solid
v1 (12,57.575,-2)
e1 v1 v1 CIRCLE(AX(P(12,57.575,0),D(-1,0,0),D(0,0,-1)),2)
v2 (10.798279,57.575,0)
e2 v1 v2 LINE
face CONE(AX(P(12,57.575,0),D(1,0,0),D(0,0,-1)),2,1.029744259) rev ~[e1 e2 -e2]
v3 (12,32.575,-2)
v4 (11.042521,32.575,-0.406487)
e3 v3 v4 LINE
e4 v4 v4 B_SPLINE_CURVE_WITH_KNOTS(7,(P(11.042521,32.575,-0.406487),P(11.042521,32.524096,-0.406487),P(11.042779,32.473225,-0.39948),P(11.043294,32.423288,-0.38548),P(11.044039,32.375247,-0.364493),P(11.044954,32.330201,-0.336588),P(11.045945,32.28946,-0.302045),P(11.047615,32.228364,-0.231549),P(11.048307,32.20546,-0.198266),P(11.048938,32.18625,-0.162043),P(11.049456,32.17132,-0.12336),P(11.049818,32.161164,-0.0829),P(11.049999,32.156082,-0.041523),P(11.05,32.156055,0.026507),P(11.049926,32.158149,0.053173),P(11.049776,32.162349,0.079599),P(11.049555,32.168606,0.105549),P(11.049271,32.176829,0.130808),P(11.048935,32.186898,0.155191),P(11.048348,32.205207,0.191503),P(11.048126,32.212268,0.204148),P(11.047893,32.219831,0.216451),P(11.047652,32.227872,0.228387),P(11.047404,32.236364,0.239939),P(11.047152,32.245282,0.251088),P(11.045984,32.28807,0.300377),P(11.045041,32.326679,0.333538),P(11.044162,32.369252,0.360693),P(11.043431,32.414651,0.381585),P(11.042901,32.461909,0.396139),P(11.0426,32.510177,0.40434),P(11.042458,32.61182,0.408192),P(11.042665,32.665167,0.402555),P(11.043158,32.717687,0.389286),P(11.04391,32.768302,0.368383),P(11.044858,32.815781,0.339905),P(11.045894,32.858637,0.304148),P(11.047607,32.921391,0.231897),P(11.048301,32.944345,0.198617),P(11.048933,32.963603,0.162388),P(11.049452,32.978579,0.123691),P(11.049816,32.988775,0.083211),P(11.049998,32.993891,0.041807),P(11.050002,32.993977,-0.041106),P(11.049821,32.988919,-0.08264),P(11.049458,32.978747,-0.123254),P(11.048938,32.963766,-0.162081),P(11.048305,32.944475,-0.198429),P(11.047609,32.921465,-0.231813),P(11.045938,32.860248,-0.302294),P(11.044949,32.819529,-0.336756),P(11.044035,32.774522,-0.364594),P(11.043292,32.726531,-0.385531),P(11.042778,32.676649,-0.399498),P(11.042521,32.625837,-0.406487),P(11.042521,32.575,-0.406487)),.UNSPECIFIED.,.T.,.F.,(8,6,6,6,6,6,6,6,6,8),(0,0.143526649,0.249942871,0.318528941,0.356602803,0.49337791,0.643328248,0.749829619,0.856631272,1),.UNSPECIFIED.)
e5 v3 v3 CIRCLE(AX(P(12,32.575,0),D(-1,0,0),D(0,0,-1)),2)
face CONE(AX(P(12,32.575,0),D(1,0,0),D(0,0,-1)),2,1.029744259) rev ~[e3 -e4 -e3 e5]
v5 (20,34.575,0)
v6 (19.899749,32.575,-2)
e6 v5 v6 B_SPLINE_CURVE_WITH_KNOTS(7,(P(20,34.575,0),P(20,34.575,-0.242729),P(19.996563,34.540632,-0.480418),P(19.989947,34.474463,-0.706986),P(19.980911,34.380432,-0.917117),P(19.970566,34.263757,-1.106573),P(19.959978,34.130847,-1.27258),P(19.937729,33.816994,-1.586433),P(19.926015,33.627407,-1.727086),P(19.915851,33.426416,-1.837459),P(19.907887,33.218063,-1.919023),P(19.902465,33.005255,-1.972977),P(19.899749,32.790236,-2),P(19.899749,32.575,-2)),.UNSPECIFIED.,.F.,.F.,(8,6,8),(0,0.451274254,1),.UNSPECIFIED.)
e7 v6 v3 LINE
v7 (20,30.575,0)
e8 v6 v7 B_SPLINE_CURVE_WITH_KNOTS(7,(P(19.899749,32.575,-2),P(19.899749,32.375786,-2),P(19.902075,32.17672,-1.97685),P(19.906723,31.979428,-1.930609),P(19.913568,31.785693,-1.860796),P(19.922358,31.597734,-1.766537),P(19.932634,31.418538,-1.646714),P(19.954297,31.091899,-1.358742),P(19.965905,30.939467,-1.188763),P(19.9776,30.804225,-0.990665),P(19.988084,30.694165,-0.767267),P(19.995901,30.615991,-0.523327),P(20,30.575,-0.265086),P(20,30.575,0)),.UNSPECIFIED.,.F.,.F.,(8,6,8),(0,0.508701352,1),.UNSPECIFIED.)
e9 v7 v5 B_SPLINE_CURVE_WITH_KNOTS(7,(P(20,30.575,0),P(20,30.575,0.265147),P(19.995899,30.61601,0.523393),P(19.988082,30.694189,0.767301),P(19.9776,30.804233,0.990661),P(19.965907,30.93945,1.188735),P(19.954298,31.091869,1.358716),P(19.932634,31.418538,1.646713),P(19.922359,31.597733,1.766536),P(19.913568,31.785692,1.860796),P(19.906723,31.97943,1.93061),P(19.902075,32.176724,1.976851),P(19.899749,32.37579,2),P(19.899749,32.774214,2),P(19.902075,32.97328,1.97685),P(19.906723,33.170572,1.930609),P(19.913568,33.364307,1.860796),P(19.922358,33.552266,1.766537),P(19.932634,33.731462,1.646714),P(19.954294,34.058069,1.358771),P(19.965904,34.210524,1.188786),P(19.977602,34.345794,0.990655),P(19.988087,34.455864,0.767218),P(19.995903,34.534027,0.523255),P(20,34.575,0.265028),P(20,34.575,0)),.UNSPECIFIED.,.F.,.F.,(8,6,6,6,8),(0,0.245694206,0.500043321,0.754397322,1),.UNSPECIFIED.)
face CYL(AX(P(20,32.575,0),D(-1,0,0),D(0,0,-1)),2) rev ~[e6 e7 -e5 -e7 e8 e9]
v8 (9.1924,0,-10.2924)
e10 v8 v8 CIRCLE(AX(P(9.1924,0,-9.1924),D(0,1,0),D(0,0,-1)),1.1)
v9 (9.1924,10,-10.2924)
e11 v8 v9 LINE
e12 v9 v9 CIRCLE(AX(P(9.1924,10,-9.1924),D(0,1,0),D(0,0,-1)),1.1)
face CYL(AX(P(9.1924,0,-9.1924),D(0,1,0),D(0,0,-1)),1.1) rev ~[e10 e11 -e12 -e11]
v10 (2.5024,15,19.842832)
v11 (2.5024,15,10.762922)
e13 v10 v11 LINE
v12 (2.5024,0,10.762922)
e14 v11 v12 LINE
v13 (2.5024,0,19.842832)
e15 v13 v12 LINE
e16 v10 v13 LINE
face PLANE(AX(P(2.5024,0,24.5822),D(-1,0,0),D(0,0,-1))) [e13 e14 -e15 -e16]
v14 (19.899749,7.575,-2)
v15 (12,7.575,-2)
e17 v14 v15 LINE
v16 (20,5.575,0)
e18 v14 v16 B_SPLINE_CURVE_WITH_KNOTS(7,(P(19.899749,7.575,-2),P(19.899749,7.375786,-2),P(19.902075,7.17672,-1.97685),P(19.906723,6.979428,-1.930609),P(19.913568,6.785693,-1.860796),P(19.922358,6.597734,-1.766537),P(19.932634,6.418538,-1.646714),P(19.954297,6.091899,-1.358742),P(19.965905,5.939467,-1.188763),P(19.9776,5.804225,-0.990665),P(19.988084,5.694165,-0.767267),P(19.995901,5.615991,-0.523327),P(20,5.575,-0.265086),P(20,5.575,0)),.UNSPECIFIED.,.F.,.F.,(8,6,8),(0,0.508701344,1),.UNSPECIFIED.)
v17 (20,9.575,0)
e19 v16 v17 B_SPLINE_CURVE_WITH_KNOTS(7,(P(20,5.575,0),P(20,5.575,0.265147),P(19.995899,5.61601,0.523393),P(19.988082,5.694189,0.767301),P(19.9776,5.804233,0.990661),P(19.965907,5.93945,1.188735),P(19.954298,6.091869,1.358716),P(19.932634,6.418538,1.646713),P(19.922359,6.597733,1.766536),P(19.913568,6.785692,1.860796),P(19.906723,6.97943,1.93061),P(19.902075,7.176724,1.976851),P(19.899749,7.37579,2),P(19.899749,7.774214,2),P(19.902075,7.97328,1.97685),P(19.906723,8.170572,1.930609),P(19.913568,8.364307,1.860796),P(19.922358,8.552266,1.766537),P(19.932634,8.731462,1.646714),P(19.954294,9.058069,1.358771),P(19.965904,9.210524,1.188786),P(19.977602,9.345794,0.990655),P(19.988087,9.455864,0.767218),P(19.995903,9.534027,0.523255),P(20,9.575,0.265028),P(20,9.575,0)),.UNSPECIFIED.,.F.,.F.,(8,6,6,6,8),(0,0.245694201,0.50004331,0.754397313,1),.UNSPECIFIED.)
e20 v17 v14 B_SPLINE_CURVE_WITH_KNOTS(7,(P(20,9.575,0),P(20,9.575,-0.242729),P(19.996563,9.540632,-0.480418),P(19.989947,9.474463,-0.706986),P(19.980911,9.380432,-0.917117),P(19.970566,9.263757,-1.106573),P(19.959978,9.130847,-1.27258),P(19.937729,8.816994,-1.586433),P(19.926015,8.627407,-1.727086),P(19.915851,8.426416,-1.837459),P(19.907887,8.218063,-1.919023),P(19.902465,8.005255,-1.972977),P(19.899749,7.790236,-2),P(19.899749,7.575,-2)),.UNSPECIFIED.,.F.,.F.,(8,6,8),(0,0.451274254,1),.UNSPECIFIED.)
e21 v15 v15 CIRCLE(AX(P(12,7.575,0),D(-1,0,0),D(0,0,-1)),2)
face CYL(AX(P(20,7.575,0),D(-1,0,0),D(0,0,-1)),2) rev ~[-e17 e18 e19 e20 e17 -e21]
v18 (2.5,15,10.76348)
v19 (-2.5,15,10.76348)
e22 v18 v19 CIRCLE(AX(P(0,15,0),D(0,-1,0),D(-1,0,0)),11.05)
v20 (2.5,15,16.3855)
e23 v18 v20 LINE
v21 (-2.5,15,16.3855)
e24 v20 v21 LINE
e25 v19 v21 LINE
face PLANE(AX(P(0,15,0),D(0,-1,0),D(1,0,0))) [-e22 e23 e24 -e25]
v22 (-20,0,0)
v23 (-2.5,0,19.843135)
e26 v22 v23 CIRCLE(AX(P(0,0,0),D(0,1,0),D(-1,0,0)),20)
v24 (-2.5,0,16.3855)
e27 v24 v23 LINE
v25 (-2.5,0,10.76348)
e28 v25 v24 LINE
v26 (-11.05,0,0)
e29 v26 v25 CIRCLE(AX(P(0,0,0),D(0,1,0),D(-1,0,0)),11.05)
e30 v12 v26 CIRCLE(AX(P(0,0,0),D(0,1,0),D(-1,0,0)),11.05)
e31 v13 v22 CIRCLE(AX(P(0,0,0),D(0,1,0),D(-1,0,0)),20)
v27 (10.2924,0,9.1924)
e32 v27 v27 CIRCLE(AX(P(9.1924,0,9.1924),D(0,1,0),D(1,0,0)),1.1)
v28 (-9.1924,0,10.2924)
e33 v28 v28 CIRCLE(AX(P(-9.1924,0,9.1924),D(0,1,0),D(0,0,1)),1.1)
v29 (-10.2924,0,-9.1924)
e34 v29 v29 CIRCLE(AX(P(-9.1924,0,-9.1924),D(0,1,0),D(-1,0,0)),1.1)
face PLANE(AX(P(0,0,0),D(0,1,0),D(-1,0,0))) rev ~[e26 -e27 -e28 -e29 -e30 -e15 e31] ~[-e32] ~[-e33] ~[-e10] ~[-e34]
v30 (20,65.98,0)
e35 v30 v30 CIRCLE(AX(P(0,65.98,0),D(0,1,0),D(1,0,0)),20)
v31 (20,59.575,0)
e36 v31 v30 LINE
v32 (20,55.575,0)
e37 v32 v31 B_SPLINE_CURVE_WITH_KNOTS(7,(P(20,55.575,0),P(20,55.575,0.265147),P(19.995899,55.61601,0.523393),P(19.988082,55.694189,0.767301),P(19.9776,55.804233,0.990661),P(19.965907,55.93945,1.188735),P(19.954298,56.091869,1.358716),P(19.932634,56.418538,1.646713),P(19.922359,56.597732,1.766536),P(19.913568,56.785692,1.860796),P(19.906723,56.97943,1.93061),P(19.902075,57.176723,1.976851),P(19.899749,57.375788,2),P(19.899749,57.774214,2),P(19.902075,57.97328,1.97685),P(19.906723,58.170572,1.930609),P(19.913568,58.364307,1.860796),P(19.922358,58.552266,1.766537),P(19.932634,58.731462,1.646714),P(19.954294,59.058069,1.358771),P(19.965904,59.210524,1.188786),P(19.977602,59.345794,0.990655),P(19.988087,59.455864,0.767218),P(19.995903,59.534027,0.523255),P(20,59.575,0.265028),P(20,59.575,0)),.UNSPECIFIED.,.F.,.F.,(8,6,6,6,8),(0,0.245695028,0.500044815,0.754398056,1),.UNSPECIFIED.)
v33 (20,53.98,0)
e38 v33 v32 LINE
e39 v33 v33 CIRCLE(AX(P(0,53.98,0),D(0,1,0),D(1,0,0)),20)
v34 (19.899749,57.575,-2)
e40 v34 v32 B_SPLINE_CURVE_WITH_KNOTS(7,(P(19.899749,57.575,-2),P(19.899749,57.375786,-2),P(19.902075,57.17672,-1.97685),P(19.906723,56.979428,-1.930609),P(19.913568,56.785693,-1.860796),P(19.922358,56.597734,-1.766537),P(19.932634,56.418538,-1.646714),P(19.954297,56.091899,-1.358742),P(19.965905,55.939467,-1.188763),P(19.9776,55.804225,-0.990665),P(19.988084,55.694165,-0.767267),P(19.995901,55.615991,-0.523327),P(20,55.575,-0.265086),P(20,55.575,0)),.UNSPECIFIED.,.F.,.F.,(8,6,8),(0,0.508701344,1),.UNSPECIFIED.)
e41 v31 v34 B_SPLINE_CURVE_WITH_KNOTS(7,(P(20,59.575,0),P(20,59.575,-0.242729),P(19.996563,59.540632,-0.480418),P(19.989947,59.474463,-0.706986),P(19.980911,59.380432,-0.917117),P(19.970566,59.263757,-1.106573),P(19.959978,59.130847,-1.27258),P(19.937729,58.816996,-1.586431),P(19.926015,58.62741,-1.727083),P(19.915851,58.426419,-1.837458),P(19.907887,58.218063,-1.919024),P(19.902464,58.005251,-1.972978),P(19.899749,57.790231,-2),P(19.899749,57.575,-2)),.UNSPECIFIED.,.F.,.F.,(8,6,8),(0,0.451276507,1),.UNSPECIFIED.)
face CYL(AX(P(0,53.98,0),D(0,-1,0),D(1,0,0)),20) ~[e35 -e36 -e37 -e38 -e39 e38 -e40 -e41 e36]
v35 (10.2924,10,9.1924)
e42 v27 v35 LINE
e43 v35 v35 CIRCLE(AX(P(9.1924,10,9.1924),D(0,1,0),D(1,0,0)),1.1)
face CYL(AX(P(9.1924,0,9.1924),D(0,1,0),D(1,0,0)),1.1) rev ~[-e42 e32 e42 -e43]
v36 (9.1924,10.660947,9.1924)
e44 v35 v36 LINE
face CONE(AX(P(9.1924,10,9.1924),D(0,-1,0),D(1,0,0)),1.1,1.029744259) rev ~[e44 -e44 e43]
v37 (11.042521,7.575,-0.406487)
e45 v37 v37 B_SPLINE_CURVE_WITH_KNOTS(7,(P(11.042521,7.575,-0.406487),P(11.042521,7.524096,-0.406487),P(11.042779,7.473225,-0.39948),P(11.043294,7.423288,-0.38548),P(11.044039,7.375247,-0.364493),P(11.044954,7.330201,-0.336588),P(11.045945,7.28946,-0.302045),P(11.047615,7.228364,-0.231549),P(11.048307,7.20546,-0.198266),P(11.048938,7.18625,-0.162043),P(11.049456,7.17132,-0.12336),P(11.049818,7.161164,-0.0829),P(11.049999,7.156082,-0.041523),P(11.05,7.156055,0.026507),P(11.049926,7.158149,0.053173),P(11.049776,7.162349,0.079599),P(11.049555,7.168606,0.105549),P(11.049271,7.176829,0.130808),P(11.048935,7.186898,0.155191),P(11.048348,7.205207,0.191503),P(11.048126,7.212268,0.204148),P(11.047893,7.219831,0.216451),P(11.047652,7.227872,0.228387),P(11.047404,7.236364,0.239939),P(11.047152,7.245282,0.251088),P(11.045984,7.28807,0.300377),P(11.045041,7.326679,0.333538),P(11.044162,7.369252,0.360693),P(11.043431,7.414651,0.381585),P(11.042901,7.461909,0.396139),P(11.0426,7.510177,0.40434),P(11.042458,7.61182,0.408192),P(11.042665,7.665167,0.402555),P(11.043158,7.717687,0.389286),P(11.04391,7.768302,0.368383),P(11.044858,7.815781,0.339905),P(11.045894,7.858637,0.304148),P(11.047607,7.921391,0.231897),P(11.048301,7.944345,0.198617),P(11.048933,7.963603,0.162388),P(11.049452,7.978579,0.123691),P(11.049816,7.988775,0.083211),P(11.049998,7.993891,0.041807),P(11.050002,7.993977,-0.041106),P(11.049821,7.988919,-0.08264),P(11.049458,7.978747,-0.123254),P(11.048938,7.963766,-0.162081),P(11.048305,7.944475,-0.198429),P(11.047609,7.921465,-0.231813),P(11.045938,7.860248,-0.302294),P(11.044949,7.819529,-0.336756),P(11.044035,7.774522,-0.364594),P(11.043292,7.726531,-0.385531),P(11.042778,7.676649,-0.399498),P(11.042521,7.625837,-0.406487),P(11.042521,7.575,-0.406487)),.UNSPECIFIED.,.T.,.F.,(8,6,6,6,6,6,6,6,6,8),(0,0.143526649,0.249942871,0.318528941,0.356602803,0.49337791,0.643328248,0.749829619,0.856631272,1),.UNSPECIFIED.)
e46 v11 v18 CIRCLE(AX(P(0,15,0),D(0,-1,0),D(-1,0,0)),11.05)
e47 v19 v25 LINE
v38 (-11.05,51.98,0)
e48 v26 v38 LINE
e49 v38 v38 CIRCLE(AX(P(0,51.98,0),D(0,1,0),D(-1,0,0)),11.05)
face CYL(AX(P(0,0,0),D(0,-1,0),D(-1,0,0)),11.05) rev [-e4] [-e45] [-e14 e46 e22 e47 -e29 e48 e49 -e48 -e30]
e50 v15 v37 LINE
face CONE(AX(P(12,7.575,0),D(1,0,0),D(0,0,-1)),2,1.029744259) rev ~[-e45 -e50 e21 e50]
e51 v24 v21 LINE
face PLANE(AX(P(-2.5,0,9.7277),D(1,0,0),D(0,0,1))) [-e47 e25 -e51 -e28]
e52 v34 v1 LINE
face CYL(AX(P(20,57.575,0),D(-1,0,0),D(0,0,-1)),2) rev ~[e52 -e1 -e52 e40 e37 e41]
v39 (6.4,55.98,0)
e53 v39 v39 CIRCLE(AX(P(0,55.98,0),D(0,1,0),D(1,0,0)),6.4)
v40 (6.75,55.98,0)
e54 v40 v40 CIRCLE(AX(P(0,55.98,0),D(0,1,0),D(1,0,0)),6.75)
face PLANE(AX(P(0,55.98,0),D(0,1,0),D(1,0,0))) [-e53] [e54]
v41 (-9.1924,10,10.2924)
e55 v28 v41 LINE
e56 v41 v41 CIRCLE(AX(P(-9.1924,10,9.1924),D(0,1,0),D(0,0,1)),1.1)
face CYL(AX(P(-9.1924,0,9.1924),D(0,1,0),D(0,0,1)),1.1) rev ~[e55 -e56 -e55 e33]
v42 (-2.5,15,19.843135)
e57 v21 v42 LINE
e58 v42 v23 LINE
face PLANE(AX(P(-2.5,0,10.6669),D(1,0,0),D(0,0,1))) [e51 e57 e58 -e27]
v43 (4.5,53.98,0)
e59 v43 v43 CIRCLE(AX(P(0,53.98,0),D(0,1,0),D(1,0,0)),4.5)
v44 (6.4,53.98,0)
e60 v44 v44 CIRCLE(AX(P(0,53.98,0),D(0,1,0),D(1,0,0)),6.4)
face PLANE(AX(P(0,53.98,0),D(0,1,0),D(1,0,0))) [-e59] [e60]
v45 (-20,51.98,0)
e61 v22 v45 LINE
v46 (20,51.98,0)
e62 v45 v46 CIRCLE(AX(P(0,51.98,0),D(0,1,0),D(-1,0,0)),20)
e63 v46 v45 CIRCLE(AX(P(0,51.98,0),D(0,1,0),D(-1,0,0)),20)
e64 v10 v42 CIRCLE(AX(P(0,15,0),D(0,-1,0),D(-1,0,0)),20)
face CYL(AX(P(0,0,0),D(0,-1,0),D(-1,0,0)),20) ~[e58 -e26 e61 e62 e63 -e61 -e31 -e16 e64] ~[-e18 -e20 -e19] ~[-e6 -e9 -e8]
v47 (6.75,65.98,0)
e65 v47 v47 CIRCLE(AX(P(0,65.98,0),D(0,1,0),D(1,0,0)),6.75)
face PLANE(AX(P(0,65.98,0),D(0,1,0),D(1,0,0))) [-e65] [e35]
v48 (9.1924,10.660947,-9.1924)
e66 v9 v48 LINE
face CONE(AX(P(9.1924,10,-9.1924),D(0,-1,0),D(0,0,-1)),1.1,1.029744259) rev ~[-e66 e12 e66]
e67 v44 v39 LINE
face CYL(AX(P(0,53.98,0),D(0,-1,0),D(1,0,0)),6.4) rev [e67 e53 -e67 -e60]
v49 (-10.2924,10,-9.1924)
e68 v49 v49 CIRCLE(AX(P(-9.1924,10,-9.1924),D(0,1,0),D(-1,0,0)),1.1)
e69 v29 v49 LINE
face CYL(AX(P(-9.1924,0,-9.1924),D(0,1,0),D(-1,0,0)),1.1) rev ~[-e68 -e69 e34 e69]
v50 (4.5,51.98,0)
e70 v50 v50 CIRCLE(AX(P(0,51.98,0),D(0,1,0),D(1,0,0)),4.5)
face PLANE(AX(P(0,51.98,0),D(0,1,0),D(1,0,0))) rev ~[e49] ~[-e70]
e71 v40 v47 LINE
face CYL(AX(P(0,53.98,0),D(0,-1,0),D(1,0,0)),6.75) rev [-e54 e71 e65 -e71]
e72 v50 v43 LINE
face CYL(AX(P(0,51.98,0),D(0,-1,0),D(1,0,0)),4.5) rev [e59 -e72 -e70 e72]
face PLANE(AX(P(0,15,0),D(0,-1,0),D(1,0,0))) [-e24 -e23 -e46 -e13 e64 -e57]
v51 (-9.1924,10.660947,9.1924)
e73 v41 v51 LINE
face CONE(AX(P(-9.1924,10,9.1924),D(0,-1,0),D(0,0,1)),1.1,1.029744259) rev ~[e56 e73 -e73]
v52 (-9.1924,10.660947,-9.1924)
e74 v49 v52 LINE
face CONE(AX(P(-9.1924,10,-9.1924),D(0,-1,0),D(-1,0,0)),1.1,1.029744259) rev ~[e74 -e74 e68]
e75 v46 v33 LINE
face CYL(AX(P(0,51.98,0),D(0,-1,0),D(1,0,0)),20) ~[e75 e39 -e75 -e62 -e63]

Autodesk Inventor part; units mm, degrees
ref_plane "XZ Plane" through (0, 0, 0) normal (0, 1, 0) x (-1, 0, 0)
ref_plane "XY Plane" through (0, 0, 0) normal (0, 0, 1) x (1, 0, 0)
sketch "Sketch1" plane through (0, 0, 0) normal (0, 1, 0) x (-1, 0, 0)
  circle A0 centre (0, 0) radius 20
  circle A1 centre (0, 0) radius 11.05
  dimension "d0" = 40
  dimension "d1" = 22.1
extrude "Extrusion1" add sketch "Sketch1" along normal blind 51.98
sketch "Sketch2" plane through (0, 0, 0) normal (0, -1, 0) x (1, 0, 0)
  circle A0 centre (0, 0) radius 13
  line L0 (0, 0) -> (9.1924, 0)
  line L1 (9.1924, 0) -> (9.1924, -9.1924)
  line L2 (9.1924, -9.1924) -> (0, -9.1924)
  line L3 (0, -9.1924) -> (0, 0)
  dimension "d4" = 26
  dimension "d5" = 9.1924
hole "Hole1" at (9.1924, 0, -9.1924) direction (0, 1, 0) diameter 2.2 depth 10 tip angle 118
pattern_circular "Circular Pattern1" count 4 over 360 about axis through (0, 0, 0) along (0, 1, 0) of "Hole1"
thread "Thread1" size "M2.2x0.25" class "6H" standard "ISO Metric profile" full length
thread "Thread3" size "M2.2x0.25" class "6H" standard "ISO Metric profile" full length
thread "Thread4" size "M2.2x0.25" class "6H" standard "ISO Metric profile" full length
thread "Thread5" size "M2.2x0.25" class "6H" standard "ISO Metric profile" full length
sketch "Sketch3" plane through (0, 51.98, 0) normal (0, 1, 0) x (1, 0, 0)
  circle A0 centre (0, 0) radius 20
  circle A1 centre (0, 0) radius 4.5
  dimension "d26" = 40
  dimension "d27" = 9
extrude "Extrusion2" add sketch "Sketch3" along normal blind 2
sketch "Sketch4" plane through (0, 53.98, 0) normal (0, 1, 0) x (1, 0, 0)
  point P0 (0, 0)
sketch "Sketch5" plane through (0, 53.98, 0) normal (0, 1, 0) x (1, 0, 0)
  circle A0 centre (0, 0) radius 6.75
  circle A1 centre (0, 0) radius 20
  dimension "d30" = 13.5
  dimension "d31" = 40
extrude "Extrusion3" add sketch "Sketch5" along normal blind 12
thread "Thread6" size "M14x0.5" class "6H" standard "ISO Metric profile" full length
sketch "Sketch8" plane through (0, 0, 0) normal (0, -1, 0) x (1, 0, 0)
  point P0 (0, 0)
sketch "Sketch9" plane through (0, 0, 0) normal (0, -1, 0) x (1, 0, 0)
  line L0 (0, 9.7277) -> (2.5, 9.7277)
  line L1 (2.5, 9.7277) -> (2.5, 16.3855)
  line L2 (2.5, 16.3855) -> (0, 16.3855)
  line L3 (0, 16.3855) -> (0, 9.7277)
  line L4 (0, 9.7277) -> (-2.5, 9.7277)
  line L5 (-2.5, 9.7277) -> (-2.5, 16.3855)
  line L6 (-2.5, 16.3855) -> (0, 16.3855)
  line L7 (0, 16.3855) -> (0, 9.7277)
  point P0 (0, 0)
  dimension "d54" = 2.5
  dimension "d55" = 2.5
extrude "Extrusion4" cut sketch "Sketch9" against normal blind 15
sketch "Sketch10" plane through (0, 0, 0) normal (1, 0, 0) x (0, 1, 0)
  point P0 (0, 0)
ref_plane "Work Plane1" through (20, 0, 0) normal (1, 0, 0) x (0, 1, 0)
sketch "Sketch15" plane through (0, 0, 0) normal (0, -1, 0) x (1, 0, 0)
  line L0 (2.5024, 10.6669) -> (-2.5, 10.6669)
  line L1 (-2.5, 10.6669) -> (-2.5, 24.5822)
  line L2 (-2.5, 24.5822) -> (2.5024, 24.5822)
  line L3 (2.5024, 24.5822) -> (2.5024, 10.6669)
  point P0 (0, 0)
extrude "Extrusion5" cut sketch "Sketch15" against normal blind 15
sketch "Sketch18" plane through (20, 0, 0) normal (1, 0, 0) x (0, 1, 0)
  line L0 (0, 0) -> (7.575, 0)
  line L1 (7.575, 0) -> (32.575, 0)
  line L2 (32.575, 0) -> (57.575, 0)
  dimension "d129" = 12.8
  dimension "d102" = 7.575
  dimension "d103" = 25
  dimension "d104" = 25
  dimension "d105" = 180
hole "Hole6" at (20, 57.575, 0) direction (-1, 0, 0) diameter 4 depth 8 tip angle 118
hole "Hole7" at (20, 7.575, 0) at (20, 32.575, 0) direction (-1, 0, 0) diameter 4 depth 8 tip angle 118
thread "Thread7" size "M4x0.7" class "6H" standard "ANSI Metric M Profile" full length
thread "Thread8" size "M4x0.7" class "6H" standard "ANSI Metric M Profile" full length
thread "Thread9" size "M4x0.7" class "6H" standard "ANSI Metric M Profile" full length
sketch "Sketch19" plane through (0, 53.98, 0) normal (0, 1, 0) x (1, 0, 0)
  circle A0 centre (0, 0) radius 6.75
  circle A1 centre (0, 0) radius 6.4
  dimension "d128" = 13.5
  dimension "d129" = 12.8
extrude "Extrusion6" add sketch "Sketch19" along normal blind 2
thread "Thread11" size "M14x0.5" class "6H" standard "ANSI Metric M Profile" length 10
equation "\"d43\" = 60deg"
equation "\"Sketch6_Pitch\" = 0.5"
properties part number "enclosire17ghz"
